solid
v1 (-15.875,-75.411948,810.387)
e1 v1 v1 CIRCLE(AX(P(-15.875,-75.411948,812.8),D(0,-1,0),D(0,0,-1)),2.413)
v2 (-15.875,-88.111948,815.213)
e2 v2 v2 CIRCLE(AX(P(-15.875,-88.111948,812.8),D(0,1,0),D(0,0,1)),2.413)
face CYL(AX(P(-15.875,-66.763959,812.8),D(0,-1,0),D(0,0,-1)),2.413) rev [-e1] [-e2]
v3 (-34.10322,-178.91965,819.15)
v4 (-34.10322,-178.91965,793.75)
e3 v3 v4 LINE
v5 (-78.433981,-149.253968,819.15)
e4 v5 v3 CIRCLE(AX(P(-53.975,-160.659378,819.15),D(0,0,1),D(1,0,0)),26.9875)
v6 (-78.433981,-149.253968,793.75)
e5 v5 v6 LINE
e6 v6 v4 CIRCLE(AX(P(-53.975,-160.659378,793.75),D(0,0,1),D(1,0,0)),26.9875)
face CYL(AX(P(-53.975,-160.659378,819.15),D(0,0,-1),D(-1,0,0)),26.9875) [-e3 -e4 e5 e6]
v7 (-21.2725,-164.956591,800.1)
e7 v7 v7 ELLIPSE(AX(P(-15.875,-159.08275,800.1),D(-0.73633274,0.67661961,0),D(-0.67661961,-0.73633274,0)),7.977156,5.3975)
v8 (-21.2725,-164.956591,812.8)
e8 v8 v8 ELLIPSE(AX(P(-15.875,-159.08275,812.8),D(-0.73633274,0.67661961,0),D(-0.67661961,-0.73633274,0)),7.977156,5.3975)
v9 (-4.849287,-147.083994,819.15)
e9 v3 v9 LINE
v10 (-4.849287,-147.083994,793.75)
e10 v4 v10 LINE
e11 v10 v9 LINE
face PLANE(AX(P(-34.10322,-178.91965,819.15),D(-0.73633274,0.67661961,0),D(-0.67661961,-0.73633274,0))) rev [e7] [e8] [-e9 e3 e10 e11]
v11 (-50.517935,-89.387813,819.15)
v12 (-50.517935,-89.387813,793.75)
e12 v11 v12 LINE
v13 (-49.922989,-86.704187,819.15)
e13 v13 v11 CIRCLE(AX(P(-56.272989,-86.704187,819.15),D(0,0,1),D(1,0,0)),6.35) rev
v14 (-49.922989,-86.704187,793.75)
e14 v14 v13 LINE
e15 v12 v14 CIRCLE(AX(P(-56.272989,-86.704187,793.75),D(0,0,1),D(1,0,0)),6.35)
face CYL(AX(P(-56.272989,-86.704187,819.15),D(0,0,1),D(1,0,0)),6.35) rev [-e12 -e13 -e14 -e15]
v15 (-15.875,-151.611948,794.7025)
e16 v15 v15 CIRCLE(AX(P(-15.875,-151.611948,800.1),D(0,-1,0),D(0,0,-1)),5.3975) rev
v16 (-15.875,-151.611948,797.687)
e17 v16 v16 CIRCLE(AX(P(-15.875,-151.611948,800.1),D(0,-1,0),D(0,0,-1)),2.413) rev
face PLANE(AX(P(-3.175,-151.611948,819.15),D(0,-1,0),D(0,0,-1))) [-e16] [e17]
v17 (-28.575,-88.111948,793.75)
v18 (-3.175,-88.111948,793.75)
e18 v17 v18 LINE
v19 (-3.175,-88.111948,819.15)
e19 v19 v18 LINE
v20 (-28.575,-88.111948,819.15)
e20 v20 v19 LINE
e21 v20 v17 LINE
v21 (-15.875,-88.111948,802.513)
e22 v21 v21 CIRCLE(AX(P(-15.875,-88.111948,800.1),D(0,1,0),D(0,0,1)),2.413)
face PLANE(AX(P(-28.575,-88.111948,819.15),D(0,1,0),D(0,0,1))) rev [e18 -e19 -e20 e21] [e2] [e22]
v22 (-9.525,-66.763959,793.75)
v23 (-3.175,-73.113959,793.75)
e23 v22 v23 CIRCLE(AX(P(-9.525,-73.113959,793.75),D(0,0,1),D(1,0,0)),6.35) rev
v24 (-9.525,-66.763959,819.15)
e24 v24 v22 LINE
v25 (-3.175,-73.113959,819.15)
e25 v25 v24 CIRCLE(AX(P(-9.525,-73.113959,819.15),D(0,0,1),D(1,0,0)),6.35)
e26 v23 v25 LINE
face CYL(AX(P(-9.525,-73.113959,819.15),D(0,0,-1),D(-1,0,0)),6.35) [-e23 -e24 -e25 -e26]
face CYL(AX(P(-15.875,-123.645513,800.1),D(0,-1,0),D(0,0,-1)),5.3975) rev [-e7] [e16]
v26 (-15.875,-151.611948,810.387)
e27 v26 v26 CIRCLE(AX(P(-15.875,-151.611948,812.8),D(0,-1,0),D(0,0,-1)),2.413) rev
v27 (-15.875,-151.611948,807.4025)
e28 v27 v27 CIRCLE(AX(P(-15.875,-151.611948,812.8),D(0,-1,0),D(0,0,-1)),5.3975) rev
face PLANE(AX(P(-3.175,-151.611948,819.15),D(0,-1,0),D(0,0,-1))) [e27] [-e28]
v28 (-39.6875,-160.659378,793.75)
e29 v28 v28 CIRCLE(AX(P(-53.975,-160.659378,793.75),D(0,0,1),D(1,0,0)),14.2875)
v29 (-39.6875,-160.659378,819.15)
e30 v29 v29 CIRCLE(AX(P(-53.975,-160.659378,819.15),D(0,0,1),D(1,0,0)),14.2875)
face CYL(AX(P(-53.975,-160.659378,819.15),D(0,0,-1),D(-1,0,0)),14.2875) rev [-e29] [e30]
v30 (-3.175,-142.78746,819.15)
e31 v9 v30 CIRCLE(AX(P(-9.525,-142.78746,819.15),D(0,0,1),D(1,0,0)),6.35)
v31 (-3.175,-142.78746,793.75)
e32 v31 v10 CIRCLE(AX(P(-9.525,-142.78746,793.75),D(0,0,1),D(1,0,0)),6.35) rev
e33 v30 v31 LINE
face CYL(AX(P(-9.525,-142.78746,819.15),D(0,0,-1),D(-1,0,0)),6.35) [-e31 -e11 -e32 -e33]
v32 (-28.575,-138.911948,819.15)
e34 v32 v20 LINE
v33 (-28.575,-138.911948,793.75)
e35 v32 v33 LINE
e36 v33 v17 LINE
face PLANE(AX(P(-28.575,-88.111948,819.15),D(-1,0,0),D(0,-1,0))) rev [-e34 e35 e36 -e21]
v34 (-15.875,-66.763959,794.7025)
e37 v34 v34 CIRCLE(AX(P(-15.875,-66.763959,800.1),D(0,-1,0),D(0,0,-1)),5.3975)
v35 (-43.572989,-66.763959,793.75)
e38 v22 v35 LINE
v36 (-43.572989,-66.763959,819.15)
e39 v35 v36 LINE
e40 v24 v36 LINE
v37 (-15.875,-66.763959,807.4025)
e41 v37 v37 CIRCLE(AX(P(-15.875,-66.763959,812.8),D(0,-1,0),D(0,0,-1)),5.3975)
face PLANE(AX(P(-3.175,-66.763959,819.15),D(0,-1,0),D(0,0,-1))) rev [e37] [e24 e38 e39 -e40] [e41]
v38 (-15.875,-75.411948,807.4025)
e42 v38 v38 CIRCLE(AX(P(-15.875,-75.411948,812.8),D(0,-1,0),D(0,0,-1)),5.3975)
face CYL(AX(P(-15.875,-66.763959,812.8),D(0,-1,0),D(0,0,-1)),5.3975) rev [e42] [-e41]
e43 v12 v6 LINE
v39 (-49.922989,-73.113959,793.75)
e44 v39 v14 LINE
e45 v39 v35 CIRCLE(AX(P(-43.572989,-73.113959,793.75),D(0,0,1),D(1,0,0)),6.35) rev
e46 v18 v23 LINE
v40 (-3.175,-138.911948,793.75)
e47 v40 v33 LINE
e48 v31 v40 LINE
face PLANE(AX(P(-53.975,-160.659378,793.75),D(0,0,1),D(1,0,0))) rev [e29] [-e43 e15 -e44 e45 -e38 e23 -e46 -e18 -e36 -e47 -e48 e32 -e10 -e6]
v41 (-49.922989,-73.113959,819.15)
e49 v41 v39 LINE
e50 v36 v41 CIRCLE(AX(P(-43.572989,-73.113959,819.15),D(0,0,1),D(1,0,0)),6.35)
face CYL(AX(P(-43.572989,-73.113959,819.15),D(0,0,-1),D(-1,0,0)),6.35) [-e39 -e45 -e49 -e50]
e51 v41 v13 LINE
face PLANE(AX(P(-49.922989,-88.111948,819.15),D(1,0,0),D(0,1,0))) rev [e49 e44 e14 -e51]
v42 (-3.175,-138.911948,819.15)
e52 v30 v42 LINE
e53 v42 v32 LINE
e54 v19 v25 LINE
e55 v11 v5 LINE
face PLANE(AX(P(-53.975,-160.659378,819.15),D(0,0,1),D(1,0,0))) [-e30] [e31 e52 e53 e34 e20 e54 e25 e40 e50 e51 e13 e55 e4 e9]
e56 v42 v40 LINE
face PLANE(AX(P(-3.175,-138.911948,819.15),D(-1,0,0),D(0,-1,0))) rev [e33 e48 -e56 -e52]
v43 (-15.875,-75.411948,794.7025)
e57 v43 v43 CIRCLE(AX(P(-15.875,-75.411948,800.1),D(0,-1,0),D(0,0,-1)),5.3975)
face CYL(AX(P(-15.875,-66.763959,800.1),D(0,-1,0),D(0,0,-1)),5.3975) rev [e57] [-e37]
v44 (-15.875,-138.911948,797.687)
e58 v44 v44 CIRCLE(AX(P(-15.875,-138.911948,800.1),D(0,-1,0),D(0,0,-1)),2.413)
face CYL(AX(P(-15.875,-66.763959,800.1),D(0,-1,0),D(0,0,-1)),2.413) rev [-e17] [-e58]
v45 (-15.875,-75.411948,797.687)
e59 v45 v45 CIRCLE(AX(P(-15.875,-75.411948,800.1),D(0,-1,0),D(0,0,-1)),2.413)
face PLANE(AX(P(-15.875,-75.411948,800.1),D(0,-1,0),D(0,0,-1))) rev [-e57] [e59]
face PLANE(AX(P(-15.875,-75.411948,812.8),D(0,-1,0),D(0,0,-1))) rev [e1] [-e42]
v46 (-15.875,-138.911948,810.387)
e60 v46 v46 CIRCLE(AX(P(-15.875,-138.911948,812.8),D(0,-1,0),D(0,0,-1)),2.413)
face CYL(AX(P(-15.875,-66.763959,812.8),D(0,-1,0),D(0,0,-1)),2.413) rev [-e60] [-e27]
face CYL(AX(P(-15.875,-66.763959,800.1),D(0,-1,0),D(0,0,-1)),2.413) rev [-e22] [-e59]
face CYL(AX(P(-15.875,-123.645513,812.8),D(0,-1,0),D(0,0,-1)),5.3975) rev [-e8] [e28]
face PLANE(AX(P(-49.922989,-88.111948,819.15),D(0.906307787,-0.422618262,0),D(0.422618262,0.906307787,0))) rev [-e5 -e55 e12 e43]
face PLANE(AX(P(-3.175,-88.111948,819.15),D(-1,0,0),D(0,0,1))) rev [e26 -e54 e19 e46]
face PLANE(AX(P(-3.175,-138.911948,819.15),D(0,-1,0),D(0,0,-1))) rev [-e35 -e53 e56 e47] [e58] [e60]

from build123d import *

# Parameters (mm, degrees)
SKETCH1_R               = 14.2875
INITIAL_PLATE_DEPTH     = 25.4
INITIAL_START           = -22.347989325
SKETCH3_R               = 2.413
INITIAL_BOLT_HOLE_DEPTH = 122.882919484
INITIAL_START_2         = -12.7
SKETCH3_3_R             = 5.3975
SKETCH3_3_R_2           = 2.413
INITIAL_HEAD_HOLE_DEPTH = 9.647989325
OTHER_START             = 90.807702
SKETCH3_4_R             = 5.3975
SKETCH3_4_R_2           = 2.413
OTHER_HEAD_HOLE_DEPTH   = 27.307702
MOUNTING_PATTERN_COUNT  = 2
MOUNTING_PATTERN_PITCH  = 12.7
FILLET1_R               = 6.35


with BuildPart() as part:
    # Sketch1 → Initial Plate (new body)
    with BuildSketch(Plane(origin=(0, -13.010095613, 793.75), x_dir=(1, 0, 0), z_dir=(0, 0, 1))):
        with BuildLine():
            Line((-3.175, -125.901852304), (-28.575, -125.901852304))
            Line((-28.575, -125.901852304), (-28.575, -75.101852304))
            Line((-28.575, -75.101852304), (-3.175, -75.101852304))
            Line((-3.175, -75.101852304), (-3.175, -53.753862978))
            Line((-3.175, -53.753862978), (-49.922989325, -53.753862978))
            Line((-49.922989325, -53.753862978), (-49.922989325, -75.101852304))
            Line((-49.922989325, -75.101852304), (-78.433981403, -136.243872124))
            ThreePointArc((-78.433981403, -136.243872124), (-68.984123144, -170.078089357), (-34.103220183, -165.909554179))
            Line((-34.103220183, -165.909554179), (-3.175, -132.251852304))
            Line((-3.175, -132.251852304), (-3.175, -125.901852304))
        make_face()
        with Locations((-53.975, -147.649282463)):
            Circle(SKETCH1_R, mode=Mode.SUBTRACT)
    extrude(amount=INITIAL_PLATE_DEPTH)

    # Sketch3 → Initial Bolt Hole (cut)
    with BuildSketch(Plane.XZ.offset(88.111947917).offset(INITIAL_START)):
        with Locations((-15.875, 800.1)):
            Circle(SKETCH3_R)
    initial_bolt_hole = extrude(amount=INITIAL_BOLT_HOLE_DEPTH, mode=Mode.SUBTRACT)

    # Sketch3<3> → Initial Head Hole (cut, through all)
    with BuildSketch(Plane.XZ.offset(88.111947917).offset(INITIAL_START_2)):
        with Locations((-15.875, 800.1)):
            Circle(SKETCH3_3_R)
        with Locations((-15.875, 800.1)):
            Circle(SKETCH3_3_R_2, mode=Mode.SUBTRACT)
    initial_head_hole = extrude(amount=-INITIAL_HEAD_HOLE_DEPTH, mode=Mode.SUBTRACT)

    # Sketch3<4> → Other Head Hole (cut)
    with BuildSketch(Plane.XZ.offset(88.111947917).offset(OTHER_START)):
        with Locations((-15.875, 800.1)):
            Circle(SKETCH3_4_R)
        with Locations((-15.875, 800.1)):
            Circle(SKETCH3_4_R_2, mode=Mode.SUBTRACT)
    other_head_hole = extrude(amount=-OTHER_HEAD_HOLE_DEPTH, mode=Mode.SUBTRACT)

    # Mounting Pattern: Initial Bolt Hole, Initial Head Hole, Other Head Hole ×2
    with Locations(*[(0, 0, i * MOUNTING_PATTERN_PITCH) for i in range(1, MOUNTING_PATTERN_COUNT)]):
        add(initial_bolt_hole, mode=Mode.SUBTRACT)
        add(initial_head_hole, mode=Mode.SUBTRACT)
        add(other_head_hole, mode=Mode.SUBTRACT)

    # Fillet1
    fillet1_edges = [part.edges().sort_by_distance(p)[0] for p in [
        (-3.175, -145.261947917, 806.45),
        (-49.922989325, -88.111947917, 806.45),
        (-49.922989325, -66.763958592, 806.45),
        (-3.175, -66.763958592, 806.45),
    ]]
    fillet(fillet1_edges, radius=FILLET1_R)


solid = part.part
